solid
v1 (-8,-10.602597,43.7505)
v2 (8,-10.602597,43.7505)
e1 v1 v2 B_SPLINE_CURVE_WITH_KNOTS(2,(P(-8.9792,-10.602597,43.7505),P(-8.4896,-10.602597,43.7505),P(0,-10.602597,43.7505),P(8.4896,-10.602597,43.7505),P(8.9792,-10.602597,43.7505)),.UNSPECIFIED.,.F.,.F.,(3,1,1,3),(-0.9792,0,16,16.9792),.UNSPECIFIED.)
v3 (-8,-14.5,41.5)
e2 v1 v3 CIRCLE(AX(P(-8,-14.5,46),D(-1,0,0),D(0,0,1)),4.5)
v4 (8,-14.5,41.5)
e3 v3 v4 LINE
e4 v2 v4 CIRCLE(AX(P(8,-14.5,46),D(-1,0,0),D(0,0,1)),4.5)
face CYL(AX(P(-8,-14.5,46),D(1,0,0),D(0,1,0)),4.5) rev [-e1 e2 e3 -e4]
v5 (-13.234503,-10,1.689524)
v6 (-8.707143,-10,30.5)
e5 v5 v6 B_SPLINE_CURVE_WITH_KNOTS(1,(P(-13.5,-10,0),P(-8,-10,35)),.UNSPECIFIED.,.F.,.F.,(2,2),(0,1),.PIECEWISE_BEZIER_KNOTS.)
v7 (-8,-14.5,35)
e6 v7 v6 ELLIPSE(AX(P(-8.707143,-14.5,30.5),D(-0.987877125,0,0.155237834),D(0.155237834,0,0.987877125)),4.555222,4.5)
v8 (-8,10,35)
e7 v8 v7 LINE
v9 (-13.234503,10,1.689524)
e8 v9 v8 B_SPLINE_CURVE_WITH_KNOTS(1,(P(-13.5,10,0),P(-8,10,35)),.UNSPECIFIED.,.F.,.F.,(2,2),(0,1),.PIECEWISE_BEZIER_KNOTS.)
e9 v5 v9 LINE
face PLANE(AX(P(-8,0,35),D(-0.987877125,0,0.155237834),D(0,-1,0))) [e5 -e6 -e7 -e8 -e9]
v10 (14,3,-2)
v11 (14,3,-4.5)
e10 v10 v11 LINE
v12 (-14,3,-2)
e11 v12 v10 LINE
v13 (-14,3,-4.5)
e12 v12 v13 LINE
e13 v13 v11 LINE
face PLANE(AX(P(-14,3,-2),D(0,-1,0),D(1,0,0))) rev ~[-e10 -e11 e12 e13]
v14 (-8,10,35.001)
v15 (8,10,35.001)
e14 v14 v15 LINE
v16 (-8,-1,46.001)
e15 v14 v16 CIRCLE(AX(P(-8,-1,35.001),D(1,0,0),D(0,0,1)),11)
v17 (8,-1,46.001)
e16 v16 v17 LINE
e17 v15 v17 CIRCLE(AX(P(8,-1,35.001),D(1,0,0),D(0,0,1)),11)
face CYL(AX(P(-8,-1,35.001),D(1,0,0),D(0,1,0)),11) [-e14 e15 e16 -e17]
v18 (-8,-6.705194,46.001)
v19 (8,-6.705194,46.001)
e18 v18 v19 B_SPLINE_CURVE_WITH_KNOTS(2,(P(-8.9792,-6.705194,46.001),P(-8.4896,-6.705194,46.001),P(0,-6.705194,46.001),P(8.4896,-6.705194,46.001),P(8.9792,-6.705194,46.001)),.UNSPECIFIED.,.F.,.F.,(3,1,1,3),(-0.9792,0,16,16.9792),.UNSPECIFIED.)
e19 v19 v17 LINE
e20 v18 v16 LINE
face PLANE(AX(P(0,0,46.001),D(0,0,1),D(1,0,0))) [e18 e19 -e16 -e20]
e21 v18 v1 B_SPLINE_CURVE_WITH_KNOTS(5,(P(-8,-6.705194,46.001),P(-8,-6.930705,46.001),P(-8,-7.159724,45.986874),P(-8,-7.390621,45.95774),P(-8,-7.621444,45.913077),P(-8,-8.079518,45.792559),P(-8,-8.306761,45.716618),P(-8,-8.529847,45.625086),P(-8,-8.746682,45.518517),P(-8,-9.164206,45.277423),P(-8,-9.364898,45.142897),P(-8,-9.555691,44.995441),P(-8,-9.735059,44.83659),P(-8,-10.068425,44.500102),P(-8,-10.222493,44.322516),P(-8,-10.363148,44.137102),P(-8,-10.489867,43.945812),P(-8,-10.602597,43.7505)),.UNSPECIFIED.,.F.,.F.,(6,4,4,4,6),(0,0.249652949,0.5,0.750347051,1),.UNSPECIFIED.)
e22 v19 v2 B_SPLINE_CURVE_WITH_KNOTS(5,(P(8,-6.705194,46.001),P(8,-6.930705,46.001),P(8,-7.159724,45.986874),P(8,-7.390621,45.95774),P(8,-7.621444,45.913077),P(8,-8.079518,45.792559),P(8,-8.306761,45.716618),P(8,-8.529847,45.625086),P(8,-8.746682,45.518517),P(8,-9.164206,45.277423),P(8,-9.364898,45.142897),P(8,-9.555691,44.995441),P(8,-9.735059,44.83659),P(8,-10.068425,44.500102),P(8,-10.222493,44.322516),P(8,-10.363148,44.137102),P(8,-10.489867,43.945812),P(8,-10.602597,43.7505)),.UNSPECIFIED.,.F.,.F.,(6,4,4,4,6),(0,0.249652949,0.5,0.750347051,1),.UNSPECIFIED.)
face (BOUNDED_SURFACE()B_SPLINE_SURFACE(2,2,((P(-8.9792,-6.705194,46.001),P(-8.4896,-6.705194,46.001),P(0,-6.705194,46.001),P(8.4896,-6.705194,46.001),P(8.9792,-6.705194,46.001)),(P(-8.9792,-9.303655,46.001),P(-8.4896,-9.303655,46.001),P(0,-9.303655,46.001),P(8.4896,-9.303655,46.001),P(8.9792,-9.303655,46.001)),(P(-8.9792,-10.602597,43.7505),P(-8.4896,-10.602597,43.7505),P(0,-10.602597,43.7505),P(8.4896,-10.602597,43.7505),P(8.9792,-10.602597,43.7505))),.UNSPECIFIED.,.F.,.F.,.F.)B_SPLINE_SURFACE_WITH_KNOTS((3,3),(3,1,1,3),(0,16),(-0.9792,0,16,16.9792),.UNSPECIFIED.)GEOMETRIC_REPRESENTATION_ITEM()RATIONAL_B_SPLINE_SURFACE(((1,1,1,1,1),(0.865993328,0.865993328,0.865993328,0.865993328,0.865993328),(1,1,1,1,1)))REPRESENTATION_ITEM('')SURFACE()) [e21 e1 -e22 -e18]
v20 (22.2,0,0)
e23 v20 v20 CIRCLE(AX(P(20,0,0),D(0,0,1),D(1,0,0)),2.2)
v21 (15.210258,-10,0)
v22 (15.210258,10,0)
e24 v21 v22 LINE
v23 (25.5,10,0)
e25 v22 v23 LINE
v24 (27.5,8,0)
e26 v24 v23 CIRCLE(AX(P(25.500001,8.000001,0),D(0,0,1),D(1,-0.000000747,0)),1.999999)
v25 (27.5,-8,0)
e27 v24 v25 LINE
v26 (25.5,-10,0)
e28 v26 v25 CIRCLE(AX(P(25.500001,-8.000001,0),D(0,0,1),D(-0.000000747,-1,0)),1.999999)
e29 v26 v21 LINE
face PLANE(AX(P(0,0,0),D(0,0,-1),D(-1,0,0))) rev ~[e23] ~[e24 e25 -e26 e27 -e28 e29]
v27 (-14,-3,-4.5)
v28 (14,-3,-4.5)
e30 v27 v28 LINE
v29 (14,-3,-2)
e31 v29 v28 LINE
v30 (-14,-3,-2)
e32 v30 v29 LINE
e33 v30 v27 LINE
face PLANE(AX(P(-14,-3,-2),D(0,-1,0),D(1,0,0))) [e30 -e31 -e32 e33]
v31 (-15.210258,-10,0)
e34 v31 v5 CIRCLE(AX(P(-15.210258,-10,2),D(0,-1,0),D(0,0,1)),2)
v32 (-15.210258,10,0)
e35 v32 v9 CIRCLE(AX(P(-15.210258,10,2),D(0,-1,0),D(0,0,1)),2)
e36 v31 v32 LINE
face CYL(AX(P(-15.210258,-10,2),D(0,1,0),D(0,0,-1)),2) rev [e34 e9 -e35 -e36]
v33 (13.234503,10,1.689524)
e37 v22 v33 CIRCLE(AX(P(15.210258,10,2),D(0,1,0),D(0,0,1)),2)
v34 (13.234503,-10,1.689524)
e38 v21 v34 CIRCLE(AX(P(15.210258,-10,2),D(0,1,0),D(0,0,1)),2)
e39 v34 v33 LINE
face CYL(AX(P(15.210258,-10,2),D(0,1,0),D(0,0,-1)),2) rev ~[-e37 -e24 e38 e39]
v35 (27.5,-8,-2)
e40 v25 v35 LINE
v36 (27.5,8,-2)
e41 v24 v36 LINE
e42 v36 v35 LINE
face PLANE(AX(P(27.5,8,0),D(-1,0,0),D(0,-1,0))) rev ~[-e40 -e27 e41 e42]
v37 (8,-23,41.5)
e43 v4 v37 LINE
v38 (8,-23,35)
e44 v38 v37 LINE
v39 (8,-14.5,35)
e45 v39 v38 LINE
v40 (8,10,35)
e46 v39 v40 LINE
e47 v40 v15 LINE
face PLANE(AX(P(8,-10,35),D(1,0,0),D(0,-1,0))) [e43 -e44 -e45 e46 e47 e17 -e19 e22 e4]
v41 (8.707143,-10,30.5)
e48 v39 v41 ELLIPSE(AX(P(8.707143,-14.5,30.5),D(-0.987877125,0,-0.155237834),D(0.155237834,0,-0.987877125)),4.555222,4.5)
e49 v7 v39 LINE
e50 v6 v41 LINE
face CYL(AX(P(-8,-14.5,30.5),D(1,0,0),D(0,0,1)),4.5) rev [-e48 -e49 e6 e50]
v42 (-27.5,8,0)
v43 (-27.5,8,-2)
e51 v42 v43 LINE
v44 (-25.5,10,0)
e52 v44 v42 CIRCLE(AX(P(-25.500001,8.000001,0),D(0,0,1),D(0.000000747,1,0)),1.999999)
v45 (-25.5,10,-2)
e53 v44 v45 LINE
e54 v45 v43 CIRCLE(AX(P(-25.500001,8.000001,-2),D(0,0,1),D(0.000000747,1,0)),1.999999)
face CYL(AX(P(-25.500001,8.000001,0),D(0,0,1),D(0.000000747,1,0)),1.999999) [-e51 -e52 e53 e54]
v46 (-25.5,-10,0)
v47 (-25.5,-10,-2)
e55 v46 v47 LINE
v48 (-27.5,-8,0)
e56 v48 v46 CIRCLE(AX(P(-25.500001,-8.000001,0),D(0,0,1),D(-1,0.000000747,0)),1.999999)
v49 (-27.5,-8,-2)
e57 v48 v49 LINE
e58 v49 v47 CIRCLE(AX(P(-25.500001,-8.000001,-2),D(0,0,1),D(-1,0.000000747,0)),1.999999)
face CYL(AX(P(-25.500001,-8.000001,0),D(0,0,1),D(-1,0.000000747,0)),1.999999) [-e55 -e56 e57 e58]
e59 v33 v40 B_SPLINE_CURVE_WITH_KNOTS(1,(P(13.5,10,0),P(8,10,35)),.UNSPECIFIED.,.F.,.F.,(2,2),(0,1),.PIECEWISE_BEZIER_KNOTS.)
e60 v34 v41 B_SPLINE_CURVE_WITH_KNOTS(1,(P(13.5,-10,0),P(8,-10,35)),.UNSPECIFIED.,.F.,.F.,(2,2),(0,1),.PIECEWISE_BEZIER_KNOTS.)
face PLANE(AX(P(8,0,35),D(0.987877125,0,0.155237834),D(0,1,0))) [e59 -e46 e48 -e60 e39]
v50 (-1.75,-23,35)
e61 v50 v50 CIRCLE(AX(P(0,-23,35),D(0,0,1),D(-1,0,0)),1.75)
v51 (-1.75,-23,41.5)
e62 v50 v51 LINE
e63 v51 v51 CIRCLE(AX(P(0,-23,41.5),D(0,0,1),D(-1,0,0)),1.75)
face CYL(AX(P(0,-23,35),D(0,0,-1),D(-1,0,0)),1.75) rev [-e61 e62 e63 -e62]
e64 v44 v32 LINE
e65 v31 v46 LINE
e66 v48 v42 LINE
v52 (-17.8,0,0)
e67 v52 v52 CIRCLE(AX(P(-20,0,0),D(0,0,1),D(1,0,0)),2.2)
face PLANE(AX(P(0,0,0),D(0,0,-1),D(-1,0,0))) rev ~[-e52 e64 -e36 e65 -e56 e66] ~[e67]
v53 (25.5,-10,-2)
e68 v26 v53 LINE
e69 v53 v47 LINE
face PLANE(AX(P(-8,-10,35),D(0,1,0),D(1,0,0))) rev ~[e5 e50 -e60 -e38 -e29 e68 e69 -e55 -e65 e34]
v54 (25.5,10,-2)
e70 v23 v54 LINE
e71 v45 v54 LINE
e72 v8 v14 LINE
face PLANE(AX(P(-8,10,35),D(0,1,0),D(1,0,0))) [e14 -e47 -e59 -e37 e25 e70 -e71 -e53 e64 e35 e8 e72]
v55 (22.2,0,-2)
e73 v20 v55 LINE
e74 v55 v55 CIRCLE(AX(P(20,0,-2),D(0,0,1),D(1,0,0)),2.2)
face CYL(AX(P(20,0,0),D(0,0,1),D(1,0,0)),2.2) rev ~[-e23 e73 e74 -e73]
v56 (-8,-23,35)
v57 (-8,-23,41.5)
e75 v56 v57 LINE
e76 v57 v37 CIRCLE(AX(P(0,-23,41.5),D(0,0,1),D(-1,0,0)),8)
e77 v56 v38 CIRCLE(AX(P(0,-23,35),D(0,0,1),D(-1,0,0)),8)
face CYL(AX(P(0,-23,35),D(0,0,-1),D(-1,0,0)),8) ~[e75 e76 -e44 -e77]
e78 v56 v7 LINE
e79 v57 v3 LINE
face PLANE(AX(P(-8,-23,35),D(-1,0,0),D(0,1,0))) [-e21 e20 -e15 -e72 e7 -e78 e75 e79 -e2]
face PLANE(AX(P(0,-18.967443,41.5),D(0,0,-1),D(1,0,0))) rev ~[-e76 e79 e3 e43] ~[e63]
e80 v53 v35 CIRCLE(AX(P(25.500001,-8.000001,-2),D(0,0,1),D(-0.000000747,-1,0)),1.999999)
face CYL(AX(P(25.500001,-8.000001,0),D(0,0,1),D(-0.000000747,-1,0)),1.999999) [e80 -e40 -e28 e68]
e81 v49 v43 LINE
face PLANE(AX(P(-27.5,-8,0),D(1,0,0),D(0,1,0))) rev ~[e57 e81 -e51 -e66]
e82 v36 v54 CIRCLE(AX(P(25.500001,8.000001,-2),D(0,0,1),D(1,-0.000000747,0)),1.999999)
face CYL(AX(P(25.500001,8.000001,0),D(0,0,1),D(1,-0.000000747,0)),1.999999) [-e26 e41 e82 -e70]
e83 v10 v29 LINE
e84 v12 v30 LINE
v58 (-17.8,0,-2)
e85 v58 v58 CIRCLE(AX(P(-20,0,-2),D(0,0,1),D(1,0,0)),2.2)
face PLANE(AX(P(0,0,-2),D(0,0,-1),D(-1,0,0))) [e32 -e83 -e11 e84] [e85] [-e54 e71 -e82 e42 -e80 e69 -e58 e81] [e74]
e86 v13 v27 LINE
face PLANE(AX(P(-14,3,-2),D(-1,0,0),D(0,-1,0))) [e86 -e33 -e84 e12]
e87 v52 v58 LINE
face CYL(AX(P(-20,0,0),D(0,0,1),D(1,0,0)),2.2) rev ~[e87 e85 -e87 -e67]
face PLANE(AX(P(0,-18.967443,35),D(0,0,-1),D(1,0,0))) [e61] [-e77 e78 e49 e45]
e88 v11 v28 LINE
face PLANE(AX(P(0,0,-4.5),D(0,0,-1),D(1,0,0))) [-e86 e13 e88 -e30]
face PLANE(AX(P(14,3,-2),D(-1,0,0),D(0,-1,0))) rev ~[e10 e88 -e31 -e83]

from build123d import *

# Parameters (mm, degrees)
SKETCH035_R  = 2.2
PAD019_DEPTH = 2
SKETCH036_W  = 28
SKETCH036_H  = 6
PAD021_DEPTH = 2.5
SKETCH037_W  = 27
SKETCH037_H  = 20
SKETCH038_W  = 16
SKETCH038_H  = 20
FILLET006_R  = 2
SKETCH041_W  = 16
SKETCH041_H  = 20
PAD022_DEPTH = 11.001
SKETCH039_R  = 1.75
PAD023_DEPTH = 6.5
FILLET004_R  = 11
FILLET005_R  = 4.5
FILLET007_R  = 4.5


with BuildPart() as part:
    # Sketch035 → Pad019 (new body)
    with BuildSketch(Plane.XY):
        with BuildLine():
            Line((-25.5, 10), (25.5, 10))
            ThreePointArc((27.5, 8), (26.914214, 9.414214), (25.5, 10))
            Line((27.5, 8), (27.5, -8))
            ThreePointArc((25.5, -10), (26.914214, -9.414214), (27.5, -8))
            Line((25.5, -10), (-25.5, -10))
            ThreePointArc((-27.5, -8), (-26.914214, -9.414214), (-25.5, -10))
            Line((-27.5, -8), (-27.5, 8))
            ThreePointArc((-25.5, 10), (-26.914214, 9.414214), (-27.5, 8))
        make_face()
        with Locations((-20, 0)):
            Circle(SKETCH035_R, mode=Mode.SUBTRACT)
        with Locations((20, 0)):
            Circle(SKETCH035_R, mode=Mode.SUBTRACT)
    extrude(amount=-PAD019_DEPTH)

    # Sketch036 → Pad021 (join)
    with BuildSketch(Plane(origin=(0, 0, -2), x_dir=(1, 0, 0), z_dir=(0, 0, -1))):
        Rectangle(SKETCH036_W, SKETCH036_H)
    extrude(amount=PAD021_DEPTH)

    # Sketch037 → AdditiveLoft001 section 0
    with BuildSketch(Plane.XY):
        Rectangle(SKETCH037_W, SKETCH037_H)
    # Sketch038 → AdditiveLoft001 section 1
    with BuildSketch(Plane.XY.offset(35)):
        Rectangle(SKETCH038_W, SKETCH038_H)
    loft()

    # Fillet006
    fillet006_edges = [part.edges().sort_by_distance(p)[0] for p in [
        (-13.5, 0, 0),
        (13.5, 0, 0),
    ]]
    fillet(fillet006_edges, radius=FILLET006_R)

    # Sketch041 → Pad022 (join)
    with BuildSketch(Plane.XY.offset(35)):
        Rectangle(SKETCH041_W, SKETCH041_H)
    extrude(amount=PAD022_DEPTH)

    # Sketch039 → Pad023 (join)
    with BuildSketch(Plane(origin=(0, -10, 35), x_dir=(-1, 0, 0), z_dir=(0, 0, 1))):
        with BuildLine():
            Line((8, 0), (-8, 0))
            Line((-8, 0), (-8, 13))
            ThreePointArc((8, 13), (0, 21), (-8, 13))
            Line((8, 13), (8, 0))
        make_face()
        with Locations((0, 13)):
            Circle(SKETCH039_R, mode=Mode.SUBTRACT)
    extrude(amount=PAD023_DEPTH)

    # Fillet004
    fillet004_edges = [part.edges().sort_by_distance(p)[0] for p in [
        (0, 10, 46.001),
    ]]
    fillet(fillet004_edges, radius=FILLET004_R)

    # Fillet005
    fillet005_edges = [part.edges().sort_by_distance(p)[0] for p in [
        (0, -10, 41.5),
        (0, -10, 35),
    ]]
    fillet(fillet005_edges, radius=FILLET005_R)

    # Fillet007
    fillet007_edges = [part.edges().sort_by_distance(p)[0] for p in [
        (0, -10, 46.001),
    ]]
    fillet(fillet007_edges, radius=FILLET007_R)


solid = part.part
